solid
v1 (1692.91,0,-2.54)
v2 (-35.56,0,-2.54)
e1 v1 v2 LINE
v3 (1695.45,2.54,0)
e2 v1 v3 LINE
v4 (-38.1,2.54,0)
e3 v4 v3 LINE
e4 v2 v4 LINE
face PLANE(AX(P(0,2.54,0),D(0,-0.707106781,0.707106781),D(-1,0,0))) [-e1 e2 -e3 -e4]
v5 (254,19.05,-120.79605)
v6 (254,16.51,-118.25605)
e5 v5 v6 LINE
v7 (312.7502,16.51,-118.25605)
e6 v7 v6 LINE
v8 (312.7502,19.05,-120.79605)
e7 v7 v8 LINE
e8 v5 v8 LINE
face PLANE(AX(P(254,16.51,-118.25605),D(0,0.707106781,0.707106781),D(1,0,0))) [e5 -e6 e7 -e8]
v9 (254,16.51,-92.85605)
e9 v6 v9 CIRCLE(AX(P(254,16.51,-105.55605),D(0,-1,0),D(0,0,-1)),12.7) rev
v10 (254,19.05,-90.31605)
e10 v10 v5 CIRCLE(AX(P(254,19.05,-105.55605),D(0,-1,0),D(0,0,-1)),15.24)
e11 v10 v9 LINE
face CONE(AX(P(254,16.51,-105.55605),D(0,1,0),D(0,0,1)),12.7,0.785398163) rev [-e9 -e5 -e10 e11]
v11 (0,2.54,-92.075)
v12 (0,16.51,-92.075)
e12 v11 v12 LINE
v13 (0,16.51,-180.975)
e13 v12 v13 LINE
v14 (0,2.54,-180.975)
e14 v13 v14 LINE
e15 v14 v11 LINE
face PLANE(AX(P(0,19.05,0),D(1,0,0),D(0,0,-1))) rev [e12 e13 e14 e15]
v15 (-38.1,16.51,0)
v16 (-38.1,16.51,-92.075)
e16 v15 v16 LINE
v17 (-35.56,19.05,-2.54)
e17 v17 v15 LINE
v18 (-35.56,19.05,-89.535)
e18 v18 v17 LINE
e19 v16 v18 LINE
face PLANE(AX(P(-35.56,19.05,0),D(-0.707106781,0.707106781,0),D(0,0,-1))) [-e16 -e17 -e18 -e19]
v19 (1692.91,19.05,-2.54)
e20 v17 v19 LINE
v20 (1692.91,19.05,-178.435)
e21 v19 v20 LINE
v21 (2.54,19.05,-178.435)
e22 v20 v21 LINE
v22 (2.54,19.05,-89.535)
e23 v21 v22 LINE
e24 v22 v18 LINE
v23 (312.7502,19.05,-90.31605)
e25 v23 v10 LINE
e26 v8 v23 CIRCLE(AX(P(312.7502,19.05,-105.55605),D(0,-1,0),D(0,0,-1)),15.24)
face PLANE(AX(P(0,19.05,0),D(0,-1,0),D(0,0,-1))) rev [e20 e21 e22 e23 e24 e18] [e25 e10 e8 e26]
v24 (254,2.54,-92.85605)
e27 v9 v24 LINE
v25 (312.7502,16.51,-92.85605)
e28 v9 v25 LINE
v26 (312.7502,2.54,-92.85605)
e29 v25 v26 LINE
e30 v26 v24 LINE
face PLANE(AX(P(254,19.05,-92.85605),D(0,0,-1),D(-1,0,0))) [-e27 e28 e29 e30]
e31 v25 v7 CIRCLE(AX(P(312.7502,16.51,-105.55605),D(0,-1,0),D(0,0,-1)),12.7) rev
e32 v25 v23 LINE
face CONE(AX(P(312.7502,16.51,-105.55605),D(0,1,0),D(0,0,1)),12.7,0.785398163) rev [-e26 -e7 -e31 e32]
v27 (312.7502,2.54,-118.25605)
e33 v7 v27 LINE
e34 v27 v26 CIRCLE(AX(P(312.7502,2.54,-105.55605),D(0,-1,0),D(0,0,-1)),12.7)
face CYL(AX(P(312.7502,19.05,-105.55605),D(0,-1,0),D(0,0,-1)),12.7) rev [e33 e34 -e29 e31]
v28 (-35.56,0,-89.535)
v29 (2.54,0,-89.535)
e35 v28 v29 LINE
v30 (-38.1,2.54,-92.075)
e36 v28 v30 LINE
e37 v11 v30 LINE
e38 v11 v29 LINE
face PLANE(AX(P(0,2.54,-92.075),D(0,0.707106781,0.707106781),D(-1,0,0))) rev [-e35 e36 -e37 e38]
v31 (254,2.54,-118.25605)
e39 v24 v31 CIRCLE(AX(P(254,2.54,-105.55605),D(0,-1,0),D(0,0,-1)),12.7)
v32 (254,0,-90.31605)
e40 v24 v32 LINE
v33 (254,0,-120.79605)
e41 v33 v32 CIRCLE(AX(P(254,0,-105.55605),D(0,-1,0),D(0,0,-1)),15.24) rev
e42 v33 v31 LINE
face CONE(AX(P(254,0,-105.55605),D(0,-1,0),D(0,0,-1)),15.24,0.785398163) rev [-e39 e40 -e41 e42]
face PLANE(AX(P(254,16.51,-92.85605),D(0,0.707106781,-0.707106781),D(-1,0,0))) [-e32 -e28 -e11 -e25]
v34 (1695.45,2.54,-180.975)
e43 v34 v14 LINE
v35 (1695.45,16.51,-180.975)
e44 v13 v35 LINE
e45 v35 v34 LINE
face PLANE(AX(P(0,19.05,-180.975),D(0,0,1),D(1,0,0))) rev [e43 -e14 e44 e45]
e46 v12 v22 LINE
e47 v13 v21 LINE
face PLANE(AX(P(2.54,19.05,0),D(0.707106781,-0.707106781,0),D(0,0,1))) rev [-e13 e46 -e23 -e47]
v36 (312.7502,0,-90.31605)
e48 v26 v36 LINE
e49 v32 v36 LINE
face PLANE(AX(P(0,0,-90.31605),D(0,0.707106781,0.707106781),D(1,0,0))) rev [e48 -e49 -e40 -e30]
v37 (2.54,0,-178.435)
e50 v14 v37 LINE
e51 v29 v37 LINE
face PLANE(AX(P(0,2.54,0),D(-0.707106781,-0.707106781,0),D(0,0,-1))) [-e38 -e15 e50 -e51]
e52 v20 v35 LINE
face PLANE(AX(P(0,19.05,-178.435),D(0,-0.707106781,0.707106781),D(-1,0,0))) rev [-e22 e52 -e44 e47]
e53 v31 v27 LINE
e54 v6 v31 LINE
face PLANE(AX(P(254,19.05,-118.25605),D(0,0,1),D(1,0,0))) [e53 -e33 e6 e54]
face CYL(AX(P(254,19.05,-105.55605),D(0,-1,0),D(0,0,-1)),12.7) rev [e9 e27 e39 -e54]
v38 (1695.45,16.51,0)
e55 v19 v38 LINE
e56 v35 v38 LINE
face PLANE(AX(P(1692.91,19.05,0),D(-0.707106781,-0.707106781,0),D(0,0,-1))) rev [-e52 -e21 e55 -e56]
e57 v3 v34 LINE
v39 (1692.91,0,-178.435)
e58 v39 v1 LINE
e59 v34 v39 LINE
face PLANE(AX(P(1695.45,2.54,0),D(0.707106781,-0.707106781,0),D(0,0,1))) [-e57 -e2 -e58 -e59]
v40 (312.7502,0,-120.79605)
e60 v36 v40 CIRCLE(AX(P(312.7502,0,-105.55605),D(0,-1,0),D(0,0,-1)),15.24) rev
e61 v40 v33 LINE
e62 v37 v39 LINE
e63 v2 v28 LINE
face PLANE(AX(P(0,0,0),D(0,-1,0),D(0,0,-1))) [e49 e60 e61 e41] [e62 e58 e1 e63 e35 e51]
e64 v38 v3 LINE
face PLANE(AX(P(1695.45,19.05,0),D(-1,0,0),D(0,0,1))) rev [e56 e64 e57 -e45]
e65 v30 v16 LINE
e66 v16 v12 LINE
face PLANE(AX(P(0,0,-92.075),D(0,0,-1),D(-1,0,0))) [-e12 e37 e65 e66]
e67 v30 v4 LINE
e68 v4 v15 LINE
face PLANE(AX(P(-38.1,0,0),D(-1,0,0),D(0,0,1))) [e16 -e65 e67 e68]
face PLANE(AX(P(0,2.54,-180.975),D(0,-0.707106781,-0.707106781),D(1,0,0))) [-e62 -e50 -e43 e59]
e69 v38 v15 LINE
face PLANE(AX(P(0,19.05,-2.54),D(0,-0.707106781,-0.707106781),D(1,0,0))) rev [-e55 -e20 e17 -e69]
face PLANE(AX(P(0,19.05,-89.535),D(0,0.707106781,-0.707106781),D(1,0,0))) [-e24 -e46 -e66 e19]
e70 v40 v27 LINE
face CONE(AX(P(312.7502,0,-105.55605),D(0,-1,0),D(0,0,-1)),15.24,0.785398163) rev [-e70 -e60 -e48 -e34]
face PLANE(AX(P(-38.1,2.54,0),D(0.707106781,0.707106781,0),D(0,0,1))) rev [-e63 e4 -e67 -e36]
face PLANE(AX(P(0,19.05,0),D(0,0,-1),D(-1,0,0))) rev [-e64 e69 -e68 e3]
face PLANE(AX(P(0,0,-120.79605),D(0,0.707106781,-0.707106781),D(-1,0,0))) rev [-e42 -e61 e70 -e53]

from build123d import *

# Parameters (mm, degrees)
SKETCH1_W           = 1695.45
SKETCH1_H           = 180.975
BOSS_EXTRUDE1_DEPTH = 19.05
SKETCH2_W           = 38.1
SKETCH2_H           = 92.075
BOSS_EXTRUDE3_DEPTH = 19.05
CHAMFER1_SIZE       = 2.54
CHAMFER2_SIZE       = 2.54


with BuildPart() as part:
    # Sketch1 → Boss-Extrude1 (new body)
    with BuildSketch(Plane(origin=(0, 0, 0), x_dir=(1, 0, 0), z_dir=(0, 1, 0))):
        with Locations((847.725, 90.4875)):
            Rectangle(SKETCH1_W, SKETCH1_H)
        with BuildLine():
            Line((254, 118.25605), (312.7502, 118.25605))
            ThreePointArc((312.7502, 118.25605), (325.4502, 105.55605), (312.7502, 92.85605))
            Line((312.7502, 92.85605), (254, 92.85605))
            ThreePointArc((254, 92.85605), (241.3, 105.55605), (254, 118.25605))
        make_face(mode=Mode.SUBTRACT)
    extrude(amount=BOSS_EXTRUDE1_DEPTH)

    # Sketch2 → Boss-Extrude3 (add, through all)
    with BuildSketch(Plane(origin=(0, 19.05, 0), x_dir=(1, 0, 0), z_dir=(0, 1, 0))):
        with Locations((-19.05, 46.0375)):
            Rectangle(SKETCH2_W, SKETCH2_H)
    extrude(amount=-BOSS_EXTRUDE3_DEPTH)

    # Chamfer1
    chamfer1_edges = [part.edges().sort_by_distance(p)[0] for p in [
        (1695.45, 19.05, -90.4875),
        (325.4502, 19.05, -105.55605),
        (847.725, 19.05, -180.975),
        (283.3751, 19.05, -118.25605),
        (241.3, 19.05, -105.55605),
        (283.3751, 19.05, -92.85605),
        (-19.05, 19.05, -92.075),
        (-38.1, 19.05, -46.0375),
        (0, 19.05, -136.525),
        (828.675, 19.05, 0),
    ]]
    chamfer(chamfer1_edges, length=CHAMFER1_SIZE)

    # Chamfer2
    chamfer2_edges = [part.edges().sort_by_distance(p)[0] for p in [
        (325.4502, 0, -105.55605),
        (283.3751, 0, -118.25605),
        (241.3, 0, -105.55605),
        (283.3751, 0, -92.85605),
        (-38.1, 0, -46.0375),
        (-19.05, 0, -92.075),
        (847.725, 0, -180.975),
        (1695.45, 0, -90.4875),
        (828.675, 0, 0),
        (0, 0, -136.525),
    ]]
    chamfer(chamfer2_edges, length=CHAMFER2_SIZE)


solid = part.part
